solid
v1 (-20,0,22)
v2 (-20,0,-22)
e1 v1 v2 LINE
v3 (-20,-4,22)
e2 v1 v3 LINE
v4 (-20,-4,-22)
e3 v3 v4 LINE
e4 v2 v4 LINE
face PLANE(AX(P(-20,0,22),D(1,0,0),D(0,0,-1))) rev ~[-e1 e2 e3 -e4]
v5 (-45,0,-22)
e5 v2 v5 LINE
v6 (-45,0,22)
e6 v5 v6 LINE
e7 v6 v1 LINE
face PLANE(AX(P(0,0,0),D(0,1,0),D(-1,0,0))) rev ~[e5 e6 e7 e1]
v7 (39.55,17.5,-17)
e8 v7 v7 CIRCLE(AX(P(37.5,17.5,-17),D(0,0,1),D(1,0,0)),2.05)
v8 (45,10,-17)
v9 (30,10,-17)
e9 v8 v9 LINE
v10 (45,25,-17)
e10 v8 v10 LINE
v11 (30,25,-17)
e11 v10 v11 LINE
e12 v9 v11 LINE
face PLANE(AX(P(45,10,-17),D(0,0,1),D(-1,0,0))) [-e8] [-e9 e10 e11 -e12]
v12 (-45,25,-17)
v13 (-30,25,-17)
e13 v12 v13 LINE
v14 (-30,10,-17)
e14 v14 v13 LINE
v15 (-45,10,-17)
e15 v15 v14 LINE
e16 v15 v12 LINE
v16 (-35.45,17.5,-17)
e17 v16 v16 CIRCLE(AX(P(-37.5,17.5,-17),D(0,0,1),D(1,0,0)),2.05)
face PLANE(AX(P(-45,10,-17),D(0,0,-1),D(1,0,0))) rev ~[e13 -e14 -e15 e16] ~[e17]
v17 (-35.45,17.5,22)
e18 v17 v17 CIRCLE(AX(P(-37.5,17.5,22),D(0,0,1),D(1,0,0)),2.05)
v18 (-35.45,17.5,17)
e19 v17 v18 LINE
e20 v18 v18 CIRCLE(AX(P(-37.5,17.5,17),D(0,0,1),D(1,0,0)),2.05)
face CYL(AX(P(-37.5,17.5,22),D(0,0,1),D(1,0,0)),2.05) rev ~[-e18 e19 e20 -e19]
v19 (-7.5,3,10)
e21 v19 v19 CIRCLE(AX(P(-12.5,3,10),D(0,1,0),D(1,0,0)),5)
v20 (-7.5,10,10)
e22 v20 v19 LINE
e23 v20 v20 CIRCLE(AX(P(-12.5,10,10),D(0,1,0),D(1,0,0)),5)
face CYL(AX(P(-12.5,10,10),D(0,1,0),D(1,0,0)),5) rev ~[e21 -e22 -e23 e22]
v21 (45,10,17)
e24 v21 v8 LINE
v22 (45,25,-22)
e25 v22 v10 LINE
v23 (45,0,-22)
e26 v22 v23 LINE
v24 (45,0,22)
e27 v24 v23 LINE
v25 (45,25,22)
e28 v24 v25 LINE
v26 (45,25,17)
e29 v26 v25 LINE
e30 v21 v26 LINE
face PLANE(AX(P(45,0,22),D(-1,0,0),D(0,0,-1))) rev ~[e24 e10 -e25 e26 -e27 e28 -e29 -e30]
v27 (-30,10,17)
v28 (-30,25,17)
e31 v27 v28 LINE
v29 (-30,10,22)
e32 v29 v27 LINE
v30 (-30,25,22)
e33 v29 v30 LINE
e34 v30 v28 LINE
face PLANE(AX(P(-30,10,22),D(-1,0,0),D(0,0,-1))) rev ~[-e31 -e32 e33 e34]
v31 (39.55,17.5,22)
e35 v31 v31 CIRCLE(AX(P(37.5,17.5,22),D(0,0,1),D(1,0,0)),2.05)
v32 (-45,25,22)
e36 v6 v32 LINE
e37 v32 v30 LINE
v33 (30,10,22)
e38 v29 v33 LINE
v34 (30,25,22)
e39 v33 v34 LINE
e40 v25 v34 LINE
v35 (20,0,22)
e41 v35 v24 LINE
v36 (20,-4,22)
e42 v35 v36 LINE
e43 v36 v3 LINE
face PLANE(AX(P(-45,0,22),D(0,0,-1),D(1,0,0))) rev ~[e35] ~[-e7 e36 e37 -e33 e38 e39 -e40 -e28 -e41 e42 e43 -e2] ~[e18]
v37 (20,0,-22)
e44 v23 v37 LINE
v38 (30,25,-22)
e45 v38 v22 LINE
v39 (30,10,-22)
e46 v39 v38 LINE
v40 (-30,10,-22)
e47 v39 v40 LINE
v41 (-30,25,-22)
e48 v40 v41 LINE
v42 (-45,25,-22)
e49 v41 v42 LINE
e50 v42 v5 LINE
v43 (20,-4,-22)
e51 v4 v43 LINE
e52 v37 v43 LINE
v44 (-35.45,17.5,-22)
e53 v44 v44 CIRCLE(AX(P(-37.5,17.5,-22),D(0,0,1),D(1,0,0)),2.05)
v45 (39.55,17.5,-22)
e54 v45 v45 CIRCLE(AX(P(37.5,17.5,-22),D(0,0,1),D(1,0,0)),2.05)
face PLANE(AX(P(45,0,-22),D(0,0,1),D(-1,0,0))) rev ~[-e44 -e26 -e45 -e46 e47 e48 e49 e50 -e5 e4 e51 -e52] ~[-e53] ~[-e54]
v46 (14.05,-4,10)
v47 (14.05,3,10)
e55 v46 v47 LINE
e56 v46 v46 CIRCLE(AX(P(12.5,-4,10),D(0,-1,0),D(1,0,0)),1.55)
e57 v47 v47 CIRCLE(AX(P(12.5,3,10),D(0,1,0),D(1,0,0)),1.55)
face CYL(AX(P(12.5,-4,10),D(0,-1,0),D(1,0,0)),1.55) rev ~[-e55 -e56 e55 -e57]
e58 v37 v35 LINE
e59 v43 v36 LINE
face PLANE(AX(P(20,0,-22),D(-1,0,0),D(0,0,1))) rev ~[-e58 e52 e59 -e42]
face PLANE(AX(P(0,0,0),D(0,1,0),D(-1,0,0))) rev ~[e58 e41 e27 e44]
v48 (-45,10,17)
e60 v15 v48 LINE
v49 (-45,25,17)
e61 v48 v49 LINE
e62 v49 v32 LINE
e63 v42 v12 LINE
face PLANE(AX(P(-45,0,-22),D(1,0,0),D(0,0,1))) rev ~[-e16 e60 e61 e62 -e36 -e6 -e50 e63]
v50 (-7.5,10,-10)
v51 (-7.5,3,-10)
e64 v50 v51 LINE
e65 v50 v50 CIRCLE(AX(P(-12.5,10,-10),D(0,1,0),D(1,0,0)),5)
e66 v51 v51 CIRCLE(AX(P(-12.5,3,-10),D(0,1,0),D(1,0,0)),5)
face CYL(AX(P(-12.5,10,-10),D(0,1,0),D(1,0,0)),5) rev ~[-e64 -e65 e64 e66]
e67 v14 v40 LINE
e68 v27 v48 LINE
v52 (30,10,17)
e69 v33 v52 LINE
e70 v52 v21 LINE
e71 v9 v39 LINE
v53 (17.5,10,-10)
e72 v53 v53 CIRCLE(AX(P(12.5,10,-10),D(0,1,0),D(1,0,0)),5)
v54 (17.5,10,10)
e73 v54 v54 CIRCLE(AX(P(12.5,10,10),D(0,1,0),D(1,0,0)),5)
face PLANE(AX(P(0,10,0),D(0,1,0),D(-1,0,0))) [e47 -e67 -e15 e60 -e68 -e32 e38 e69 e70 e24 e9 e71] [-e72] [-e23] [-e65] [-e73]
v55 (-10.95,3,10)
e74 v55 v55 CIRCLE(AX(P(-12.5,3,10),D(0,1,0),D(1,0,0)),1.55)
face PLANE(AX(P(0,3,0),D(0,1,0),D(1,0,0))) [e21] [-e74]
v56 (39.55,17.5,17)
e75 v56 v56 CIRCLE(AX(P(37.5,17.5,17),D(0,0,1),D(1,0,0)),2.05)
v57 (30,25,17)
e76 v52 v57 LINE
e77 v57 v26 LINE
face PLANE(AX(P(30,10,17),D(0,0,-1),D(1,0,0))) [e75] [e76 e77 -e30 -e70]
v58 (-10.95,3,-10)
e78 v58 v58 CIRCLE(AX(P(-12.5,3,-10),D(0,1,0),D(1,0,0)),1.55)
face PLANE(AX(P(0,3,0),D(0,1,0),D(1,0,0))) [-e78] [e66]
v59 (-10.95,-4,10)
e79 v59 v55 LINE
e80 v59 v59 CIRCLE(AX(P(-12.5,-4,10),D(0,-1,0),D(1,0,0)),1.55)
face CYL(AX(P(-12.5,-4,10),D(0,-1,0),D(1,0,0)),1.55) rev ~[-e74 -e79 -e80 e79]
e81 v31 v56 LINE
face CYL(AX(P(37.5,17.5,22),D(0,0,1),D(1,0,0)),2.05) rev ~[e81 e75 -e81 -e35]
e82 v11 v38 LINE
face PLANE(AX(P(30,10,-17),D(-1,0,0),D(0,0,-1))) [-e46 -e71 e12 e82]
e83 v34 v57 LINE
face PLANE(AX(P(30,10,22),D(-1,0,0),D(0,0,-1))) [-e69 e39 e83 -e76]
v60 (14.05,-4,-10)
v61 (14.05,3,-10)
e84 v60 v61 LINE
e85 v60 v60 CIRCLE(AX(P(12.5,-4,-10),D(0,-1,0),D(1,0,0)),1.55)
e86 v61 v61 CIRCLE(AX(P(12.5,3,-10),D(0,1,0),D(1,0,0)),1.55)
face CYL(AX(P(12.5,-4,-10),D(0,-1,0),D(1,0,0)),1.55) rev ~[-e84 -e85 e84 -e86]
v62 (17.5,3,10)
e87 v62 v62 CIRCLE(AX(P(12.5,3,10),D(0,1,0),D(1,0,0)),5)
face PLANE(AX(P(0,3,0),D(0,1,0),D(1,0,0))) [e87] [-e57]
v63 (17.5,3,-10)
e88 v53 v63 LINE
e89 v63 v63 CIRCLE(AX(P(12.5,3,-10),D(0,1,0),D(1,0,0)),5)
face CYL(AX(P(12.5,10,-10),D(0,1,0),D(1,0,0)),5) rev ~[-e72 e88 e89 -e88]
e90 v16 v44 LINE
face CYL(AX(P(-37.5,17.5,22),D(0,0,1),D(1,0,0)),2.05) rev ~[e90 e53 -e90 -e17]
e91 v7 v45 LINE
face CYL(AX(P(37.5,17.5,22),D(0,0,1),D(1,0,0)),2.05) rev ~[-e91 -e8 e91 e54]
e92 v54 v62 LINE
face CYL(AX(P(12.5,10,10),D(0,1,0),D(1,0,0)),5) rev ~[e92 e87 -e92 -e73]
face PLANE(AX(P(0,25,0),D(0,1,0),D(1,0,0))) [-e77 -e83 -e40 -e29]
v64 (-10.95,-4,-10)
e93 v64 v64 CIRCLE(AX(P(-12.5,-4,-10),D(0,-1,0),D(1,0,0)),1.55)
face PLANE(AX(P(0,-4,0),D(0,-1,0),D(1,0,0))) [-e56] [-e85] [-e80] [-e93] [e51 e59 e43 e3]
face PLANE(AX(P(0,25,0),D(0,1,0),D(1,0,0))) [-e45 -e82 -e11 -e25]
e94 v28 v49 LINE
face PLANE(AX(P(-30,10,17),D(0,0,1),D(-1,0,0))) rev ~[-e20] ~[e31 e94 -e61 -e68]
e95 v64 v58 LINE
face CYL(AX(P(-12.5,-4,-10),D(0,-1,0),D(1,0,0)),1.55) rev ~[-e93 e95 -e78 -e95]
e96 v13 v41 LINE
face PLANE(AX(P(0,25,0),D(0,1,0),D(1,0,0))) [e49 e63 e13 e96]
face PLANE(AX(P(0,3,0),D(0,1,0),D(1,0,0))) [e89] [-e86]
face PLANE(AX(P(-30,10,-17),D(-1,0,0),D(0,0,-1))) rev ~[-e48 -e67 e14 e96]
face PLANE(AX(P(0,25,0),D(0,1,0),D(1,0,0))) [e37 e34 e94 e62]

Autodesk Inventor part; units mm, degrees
ref_plane "YZ Plane" through (0, 0, 0) normal (1, 0, 0) x (0, 1, 0)
ref_plane "XZ Plane" through (0, 0, 0) normal (0, 1, 0) x (-1, 0, 0)
ref_plane "XY Plane" through (0, 0, 0) normal (0, 0, 1) x (1, 0, 0)
sketch "Sketch1" plane through (0, 0, 0) normal (0, 1, 0) x (-1, 0, 0)
  line L0 (45, 22) -> (-45, 22)
  line L1 (-45, 22) -> (-45, -22)
  line L2 (-45, -22) -> (45, -22)
  line L3 (45, -22) -> (45, 22)
  line L4 (45, 22) -> (-45, -22) construction
  line L5 (-45, 22) -> (45, -22) construction
  point P0 (0, 0)
  dimension "d0" = 90
  dimension "d1" = 44
extrude "Extrusion1" add sketch "Sketch1" along normal blind 10
sketch "Sketch2" plane through (0, 10, 0) normal (0, 1, 0) x (1, 0, 0)
  line L0 (45, -22) -> (30, -22)
  line L1 (30, -22) -> (30, -17)
  line L2 (30, -17) -> (45, -17)
  line L3 (45, -17) -> (45, -22)
  line L4 (45, 17) -> (30, 17)
  line L5 (30, 17) -> (30, 22)
  line L6 (30, 22) -> (45, 22)
  line L7 (45, 22) -> (45, 17)
  line L8 (-45, -22) -> (-30, -22)
  line L9 (-30, -22) -> (-30, -17)
  line L10 (-30, -17) -> (-45, -17)
  line L11 (-45, -17) -> (-45, -22)
  line L12 (-45, 17) -> (-30, 17)
  line L13 (-30, 17) -> (-30, 22)
  line L14 (-30, 22) -> (-45, 22)
  line L15 (-45, 22) -> (-45, 17)
  line L16 (-45, 22) -> (-45, -22) projected
  line L17 (-45, -22) -> (45, -22) projected
  line L18 (45, 22) -> (-45, 22) projected
  line L19 (45, -22) -> (45, 22) projected
  point P0 (0, 0)
  dimension "d4" = 5
  dimension "d5" = 5
  dimension "d6" = 5
  dimension "d7" = 5
  dimension "d8" = 15
  dimension "d9" = 15
  dimension "d10" = 15
  dimension "d11" = 15
extrude "Extrusion2" add sketch "Sketch2" along normal blind 15 contours L0 L1 L2 L3 | L8 L11 L10 L9 | L4 L5 L6 L7 | L15 L14 L13 L12
sketch "Sketch3" plane through (-45, 0, 22) normal (0, 0, 1) x (1, 0, 0)
  circle A0 centre (82.5, 17.5) radius 2.05
  circle A1 centre (7.5, 17.5) radius 2.05
  line L0 (75, 25) -> (90, 25) projected
  line L1 (90, 0) -> (90, 25) projected
  line L2 (0, 25) -> (15, 25) projected
  line L3 (15, 10) -> (15, 25) projected
  point P0 (45, 0)
  point P1 (15, 17.5)
  dimension "d14" = 4.1
  dimension "d15" = 4.1
  dimension "d16" = 7.5
  dimension "d17" = 7.5
  dimension "d18" = 7.5
  dimension "d19" = 7.5
extrude "Extrusion3" cut sketch "Sketch3" against normal through all
sketch "Sketch4" plane through (0, 0, 0) normal (0, -1, 0) x (1, 0, 0)
  line L0 (-20, -22) -> (20, -22)
  line L1 (20, -22) -> (20, 22)
  line L2 (20, 22) -> (-20, 22)
  line L3 (-20, 22) -> (-20, -22)
  line L4 (-20, -22) -> (20, 22) construction
  line L5 (20, -22) -> (-20, 22) construction
  point P0 (0, 0)
  dimension "d22" = 40
  dimension "d23" = 44
extrude "Extrusion4" add sketch "Sketch4" along normal blind 4
sketch "Sketch5" plane through (0, -4, 0) normal (0, -1, 0) x (1, 0, 0)
  circle A0 centre (-12.5, -10) radius 1.55
  circle A1 centre (12.5, -10) radius 1.55
  circle A2 centre (-12.5, 10) radius 1.55
  circle A3 centre (12.5, 10) radius 1.55
  point P0 (0, 0)
  dimension "d26" = 3.1
  dimension "d27" = 3.1
  dimension "d28" = 3.1
  dimension "d29" = 3.1
  dimension "d30" = 12.5
  dimension "d31" = 12.5
  dimension "d32" = 12.5
  dimension "d33" = 12.5
  dimension "d34" = 10
  dimension "d35" = 10
  dimension "d36" = 10
  dimension "d37" = 10
extrude "Extrusion5" cut sketch "Sketch5" against normal through all
sketch "Sketch6" plane through (0, 10, 0) normal (0, 1, 0) x (1, 0, 0)
  circle A0 centre (12.5, -10) radius 1.55 projected
  circle A1 centre (-12.5, -10) radius 1.55 projected
  circle A2 centre (12.5, 10) radius 1.55 projected
  circle A3 centre (-12.5, 10) radius 1.55 projected
  circle A4 centre (12.5, -10) radius 5
  circle A5 centre (-12.5, -10) radius 5
  circle A6 centre (12.5, 10) radius 5
  circle A7 centre (-12.5, 10) radius 5
  point P0 (0, 0)
  dimension "d40" = 10
  dimension "d41" = 10
  dimension "d42" = 10
  dimension "d43" = 10
extrude "Extrusion6" cut sketch "Sketch6" against normal blind 7
properties part number "rail_top" material "ABS Plastic"
